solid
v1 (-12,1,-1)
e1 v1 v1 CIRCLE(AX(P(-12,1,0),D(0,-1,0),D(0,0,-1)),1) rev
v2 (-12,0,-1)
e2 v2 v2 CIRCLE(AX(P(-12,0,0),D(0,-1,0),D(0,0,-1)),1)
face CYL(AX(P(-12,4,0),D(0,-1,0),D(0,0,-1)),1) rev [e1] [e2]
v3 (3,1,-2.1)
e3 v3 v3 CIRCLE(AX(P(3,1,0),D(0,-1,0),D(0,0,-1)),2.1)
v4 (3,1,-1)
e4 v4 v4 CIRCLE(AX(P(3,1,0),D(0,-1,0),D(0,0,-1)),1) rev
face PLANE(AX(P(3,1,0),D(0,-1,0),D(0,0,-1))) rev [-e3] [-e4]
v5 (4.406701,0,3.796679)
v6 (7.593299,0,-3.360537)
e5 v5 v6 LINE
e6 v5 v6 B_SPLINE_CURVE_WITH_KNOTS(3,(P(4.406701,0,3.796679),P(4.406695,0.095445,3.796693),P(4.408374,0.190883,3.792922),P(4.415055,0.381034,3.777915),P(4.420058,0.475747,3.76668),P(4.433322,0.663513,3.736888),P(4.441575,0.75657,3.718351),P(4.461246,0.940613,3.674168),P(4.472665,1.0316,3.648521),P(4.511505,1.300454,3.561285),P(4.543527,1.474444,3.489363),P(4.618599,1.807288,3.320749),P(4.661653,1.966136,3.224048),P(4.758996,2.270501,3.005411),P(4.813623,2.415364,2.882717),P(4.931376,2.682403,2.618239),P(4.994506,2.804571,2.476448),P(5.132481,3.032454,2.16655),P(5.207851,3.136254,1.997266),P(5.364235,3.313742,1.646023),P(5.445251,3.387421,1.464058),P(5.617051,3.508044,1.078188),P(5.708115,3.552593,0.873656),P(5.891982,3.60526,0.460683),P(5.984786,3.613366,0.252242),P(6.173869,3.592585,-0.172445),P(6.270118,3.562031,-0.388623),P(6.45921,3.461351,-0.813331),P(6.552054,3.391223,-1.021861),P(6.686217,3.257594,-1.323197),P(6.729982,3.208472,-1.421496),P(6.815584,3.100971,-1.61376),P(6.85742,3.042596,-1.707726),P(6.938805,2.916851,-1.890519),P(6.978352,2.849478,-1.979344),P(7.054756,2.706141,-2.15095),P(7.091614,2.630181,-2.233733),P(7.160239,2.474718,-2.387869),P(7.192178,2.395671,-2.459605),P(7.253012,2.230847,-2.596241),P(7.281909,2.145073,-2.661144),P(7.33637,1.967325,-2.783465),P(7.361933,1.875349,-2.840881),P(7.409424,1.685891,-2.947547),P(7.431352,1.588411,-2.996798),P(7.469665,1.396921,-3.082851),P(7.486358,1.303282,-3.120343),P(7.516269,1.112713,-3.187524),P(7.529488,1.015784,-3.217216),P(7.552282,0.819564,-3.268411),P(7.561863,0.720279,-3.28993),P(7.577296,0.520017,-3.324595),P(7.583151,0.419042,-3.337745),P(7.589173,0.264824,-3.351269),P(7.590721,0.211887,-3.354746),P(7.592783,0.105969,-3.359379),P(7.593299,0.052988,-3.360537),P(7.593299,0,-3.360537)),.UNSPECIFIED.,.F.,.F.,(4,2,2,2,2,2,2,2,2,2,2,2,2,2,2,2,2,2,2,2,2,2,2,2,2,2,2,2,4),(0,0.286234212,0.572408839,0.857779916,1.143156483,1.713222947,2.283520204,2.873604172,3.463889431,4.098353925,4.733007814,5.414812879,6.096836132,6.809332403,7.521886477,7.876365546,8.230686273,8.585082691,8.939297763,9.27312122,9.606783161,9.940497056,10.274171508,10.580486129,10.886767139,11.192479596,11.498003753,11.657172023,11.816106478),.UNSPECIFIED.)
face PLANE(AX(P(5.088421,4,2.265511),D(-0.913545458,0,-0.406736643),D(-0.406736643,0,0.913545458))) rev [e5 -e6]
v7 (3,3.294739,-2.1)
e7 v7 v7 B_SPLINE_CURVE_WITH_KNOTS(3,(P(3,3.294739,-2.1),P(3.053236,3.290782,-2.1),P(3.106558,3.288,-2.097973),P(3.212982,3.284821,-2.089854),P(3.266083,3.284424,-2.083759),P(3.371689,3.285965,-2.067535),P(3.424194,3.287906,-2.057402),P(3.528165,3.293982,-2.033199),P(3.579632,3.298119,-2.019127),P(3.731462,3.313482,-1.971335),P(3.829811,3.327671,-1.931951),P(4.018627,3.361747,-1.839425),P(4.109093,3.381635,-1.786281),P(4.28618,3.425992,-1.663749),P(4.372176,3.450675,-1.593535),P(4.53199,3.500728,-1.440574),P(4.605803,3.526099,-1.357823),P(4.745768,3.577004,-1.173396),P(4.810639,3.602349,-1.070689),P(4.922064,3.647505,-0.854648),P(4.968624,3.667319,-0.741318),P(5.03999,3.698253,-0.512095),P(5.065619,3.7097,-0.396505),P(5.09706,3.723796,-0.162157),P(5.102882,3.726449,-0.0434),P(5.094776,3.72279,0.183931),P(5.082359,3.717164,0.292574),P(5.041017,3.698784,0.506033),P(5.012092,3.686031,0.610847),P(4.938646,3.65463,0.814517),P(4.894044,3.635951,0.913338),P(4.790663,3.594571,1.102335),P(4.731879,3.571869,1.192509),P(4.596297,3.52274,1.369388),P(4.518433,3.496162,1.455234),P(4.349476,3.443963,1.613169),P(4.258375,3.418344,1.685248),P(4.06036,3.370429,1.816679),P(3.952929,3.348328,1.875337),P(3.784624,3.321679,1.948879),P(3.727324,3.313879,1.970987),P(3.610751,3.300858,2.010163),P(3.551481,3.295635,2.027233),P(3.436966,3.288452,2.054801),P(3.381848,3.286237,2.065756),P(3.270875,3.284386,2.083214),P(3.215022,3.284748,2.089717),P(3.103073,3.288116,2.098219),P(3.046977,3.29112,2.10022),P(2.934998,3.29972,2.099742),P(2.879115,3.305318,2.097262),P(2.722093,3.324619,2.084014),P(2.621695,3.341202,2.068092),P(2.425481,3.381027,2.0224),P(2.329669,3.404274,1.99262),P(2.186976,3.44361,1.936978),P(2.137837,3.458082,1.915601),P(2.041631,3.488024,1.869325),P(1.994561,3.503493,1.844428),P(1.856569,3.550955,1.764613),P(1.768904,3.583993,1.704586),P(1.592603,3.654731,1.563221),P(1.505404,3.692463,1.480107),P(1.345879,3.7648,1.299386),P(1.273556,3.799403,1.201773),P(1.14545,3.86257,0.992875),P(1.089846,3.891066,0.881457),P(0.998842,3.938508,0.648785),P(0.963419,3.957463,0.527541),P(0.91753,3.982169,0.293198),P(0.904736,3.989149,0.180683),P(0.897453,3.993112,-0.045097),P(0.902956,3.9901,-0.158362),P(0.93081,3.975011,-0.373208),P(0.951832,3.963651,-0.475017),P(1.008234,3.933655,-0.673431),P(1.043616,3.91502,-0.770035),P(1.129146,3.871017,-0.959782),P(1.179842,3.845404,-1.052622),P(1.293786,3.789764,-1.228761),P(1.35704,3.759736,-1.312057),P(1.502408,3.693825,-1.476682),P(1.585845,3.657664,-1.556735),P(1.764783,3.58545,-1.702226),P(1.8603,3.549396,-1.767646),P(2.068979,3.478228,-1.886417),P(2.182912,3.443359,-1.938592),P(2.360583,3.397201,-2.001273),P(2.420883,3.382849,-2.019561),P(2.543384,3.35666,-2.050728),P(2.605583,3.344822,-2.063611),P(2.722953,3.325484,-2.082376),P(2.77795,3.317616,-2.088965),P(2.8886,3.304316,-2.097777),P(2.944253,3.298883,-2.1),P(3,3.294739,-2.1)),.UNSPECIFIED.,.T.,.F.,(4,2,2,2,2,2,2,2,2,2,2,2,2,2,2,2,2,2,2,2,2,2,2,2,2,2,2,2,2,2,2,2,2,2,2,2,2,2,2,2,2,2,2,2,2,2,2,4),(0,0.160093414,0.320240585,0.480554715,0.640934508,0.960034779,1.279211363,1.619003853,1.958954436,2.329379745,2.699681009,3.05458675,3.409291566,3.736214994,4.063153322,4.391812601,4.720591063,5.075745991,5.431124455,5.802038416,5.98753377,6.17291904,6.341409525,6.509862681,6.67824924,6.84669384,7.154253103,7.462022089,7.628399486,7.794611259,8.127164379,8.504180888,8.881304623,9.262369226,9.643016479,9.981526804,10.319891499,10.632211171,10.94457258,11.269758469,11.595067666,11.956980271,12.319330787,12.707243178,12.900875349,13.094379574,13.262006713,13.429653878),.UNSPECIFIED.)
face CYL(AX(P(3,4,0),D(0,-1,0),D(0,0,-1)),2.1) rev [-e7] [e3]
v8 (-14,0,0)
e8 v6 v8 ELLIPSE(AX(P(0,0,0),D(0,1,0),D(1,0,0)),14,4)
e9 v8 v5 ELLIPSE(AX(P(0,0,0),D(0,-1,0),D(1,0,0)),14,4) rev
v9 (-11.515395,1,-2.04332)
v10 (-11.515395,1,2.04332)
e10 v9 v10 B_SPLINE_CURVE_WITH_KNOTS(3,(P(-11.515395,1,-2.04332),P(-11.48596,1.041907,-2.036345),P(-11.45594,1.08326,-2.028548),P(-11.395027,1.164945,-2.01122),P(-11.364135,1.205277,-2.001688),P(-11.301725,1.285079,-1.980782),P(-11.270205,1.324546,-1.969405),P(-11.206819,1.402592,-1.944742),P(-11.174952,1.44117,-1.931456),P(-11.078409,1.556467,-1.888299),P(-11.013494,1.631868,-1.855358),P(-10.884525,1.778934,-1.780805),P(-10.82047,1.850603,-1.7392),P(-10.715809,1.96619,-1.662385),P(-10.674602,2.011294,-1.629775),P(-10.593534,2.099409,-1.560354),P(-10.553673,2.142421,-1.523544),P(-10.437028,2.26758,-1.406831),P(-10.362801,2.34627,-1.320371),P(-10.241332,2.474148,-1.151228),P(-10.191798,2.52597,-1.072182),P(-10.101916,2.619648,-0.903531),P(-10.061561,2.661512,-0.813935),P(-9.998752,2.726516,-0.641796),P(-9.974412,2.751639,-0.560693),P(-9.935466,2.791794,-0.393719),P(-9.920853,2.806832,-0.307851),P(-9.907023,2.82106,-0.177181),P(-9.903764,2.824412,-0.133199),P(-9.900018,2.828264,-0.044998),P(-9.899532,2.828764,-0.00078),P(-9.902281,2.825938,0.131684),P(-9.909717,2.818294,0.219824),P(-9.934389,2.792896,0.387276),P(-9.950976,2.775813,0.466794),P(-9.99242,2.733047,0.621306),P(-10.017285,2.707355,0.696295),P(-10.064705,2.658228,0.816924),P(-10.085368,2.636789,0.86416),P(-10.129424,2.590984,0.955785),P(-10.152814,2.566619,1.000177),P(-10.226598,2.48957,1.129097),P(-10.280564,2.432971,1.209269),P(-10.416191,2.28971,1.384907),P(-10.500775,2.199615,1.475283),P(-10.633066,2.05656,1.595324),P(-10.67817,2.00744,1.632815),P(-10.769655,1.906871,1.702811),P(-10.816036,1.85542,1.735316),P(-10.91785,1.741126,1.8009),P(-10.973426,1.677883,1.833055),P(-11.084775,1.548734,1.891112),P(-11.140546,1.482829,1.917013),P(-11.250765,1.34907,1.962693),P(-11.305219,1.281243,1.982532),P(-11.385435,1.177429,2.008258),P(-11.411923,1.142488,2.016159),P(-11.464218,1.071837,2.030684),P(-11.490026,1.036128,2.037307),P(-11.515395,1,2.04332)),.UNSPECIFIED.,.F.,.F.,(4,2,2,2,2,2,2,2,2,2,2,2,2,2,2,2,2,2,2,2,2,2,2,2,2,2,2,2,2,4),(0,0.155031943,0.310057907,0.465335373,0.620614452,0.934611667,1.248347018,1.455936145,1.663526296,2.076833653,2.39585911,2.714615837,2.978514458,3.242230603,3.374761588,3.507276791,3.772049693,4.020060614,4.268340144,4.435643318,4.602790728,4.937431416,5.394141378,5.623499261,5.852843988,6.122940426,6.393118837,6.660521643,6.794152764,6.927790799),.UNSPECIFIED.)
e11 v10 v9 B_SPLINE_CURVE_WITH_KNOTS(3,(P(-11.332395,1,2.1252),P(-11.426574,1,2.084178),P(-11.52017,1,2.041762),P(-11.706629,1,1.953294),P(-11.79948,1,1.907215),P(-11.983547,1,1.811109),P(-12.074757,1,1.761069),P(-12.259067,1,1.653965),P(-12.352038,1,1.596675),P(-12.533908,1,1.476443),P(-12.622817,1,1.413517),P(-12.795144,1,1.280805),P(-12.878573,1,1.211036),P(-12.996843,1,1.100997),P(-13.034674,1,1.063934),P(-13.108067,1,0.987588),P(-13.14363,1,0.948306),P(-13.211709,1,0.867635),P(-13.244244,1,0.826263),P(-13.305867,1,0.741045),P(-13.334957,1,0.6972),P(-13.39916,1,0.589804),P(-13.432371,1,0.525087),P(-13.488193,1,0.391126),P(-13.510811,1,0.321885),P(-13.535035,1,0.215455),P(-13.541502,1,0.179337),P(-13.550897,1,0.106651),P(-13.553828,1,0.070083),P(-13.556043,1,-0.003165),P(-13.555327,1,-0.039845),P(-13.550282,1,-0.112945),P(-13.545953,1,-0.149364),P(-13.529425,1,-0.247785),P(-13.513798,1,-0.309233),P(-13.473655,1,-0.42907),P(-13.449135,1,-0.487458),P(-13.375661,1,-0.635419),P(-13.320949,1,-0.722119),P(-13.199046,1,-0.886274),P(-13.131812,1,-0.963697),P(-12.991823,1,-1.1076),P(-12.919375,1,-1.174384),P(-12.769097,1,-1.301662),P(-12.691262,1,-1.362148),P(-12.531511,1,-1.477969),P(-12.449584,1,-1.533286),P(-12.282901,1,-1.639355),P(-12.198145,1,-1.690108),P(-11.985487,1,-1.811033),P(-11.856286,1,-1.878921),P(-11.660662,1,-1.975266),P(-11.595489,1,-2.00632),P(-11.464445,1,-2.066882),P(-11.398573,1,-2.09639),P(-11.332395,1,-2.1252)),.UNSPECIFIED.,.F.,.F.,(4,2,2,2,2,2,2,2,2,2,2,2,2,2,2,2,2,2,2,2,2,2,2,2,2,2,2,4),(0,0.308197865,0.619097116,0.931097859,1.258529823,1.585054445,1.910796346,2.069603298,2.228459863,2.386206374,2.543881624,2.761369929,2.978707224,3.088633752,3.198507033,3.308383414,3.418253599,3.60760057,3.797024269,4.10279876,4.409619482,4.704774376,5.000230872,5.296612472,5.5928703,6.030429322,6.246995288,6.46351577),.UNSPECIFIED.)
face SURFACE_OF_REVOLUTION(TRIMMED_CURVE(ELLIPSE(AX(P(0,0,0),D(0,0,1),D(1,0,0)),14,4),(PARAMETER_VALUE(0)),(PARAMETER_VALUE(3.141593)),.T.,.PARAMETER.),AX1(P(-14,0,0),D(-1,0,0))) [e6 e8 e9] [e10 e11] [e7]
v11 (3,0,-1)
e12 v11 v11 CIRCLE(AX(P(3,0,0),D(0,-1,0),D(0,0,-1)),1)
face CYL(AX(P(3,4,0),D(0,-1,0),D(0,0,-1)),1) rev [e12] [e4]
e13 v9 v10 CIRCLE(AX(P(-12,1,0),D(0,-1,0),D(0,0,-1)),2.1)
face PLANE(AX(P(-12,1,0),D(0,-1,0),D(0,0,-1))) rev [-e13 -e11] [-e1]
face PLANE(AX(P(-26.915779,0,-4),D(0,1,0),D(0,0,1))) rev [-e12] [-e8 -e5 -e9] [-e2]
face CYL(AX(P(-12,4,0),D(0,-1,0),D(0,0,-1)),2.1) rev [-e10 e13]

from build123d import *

# Parameters (mm, degrees)
SKETCH2_W               = 50.634745493
SKETCH2_H               = 13.07277583
CUT_EXTRUDE1_DEPTH      = 5.0000001
CUT_EXTRUDE1_DEPTH_BACK = 5.0000001
SKETCH3_R               = 1
CUT_EXTRUDE2_DEPTH      = 5.0000001
SKETCH4_R               = 2.1
CUT_EXTRUDE3_DEPTH      = 4.0000001
CUT_EXTRUDE5_DEPTH      = 5.0000001


with BuildPart() as part:
    # Sketch1 → Revolve1 (revolve)
    with BuildSketch(Plane.XY):
        with BuildLine():
            Line((-14, 0), (14, 0))
            add(Edge.make_bspline(
                [(14, 0), (14, 4), (0, 4), (-14, 4), (-14, 0)],
                knots=[0, 0, 0, 1.570796327, 1.570796327, 3.141592654, 3.141592654, 3.141592654], degree=2, weights=[1, 0.707106781, 1, 0.707106781, 1]))
        make_face()
    revolve(axis=Axis((-14, 0, 0), (1, 0, 0)))

    # Sketch2 → Cut-Extrude1 (cut, two sides)
    with BuildSketch(Plane.XY) as cut_extrude1_sk:
        with Locations((-1.598405816, -6.536387915)):
            Rectangle(SKETCH2_W, SKETCH2_H)
    extrude(amount=CUT_EXTRUDE1_DEPTH, mode=Mode.SUBTRACT)
    extrude(cut_extrude1_sk.sketch, amount=-CUT_EXTRUDE1_DEPTH_BACK, mode=Mode.SUBTRACT)

    # Sketch3 → Cut-Extrude2 (cut, through all)
    with BuildSketch(Plane.XZ):
        with Locations((-12, 0)):
            Circle(SKETCH3_R)
        with Locations((3, 0)):
            Circle(SKETCH3_R)
    extrude(amount=-CUT_EXTRUDE2_DEPTH, mode=Mode.SUBTRACT)

    # Sketch4 → Cut-Extrude3 (cut, through all)
    with BuildSketch(Plane(origin=(0, 1, 0), x_dir=(-1, 0, 0), z_dir=(0, -1, 0))):
        with Locations((12, 0)):
            Circle(SKETCH4_R)
        with Locations((-3, 0)):
            Circle(SKETCH4_R)
    extrude(amount=-CUT_EXTRUDE3_DEPTH, mode=Mode.SUBTRACT)

    # Sketch6 → Cut-Extrude5 (cut, through all)
    with BuildSketch(Plane.XZ):
        with BuildLine():
            Line((4.406700976, 3.796679392), (7.593299024, -3.360537007))
            add(Edge.make_bspline(
                [(7.593299024, -3.360537007), (14, -2.178801768), (14, 0)],
                knots=[5.285654608, 5.285654608, 5.285654608, 6.283185307, 6.283185307, 6.283185307], degree=2, weights=[1, 0.878173816, 1]))
            add(Edge.make_bspline(
                [(14, 0), (14, 2.887726136), (4.406700976, 3.796679392)],
                knots=[0, 0, 0, 1.250587947, 1.250587947, 1.250587947], degree=2, weights=[1, 0.810791081, 1]))
        make_face()
    extrude(amount=-CUT_EXTRUDE5_DEPTH, mode=Mode.SUBTRACT)


solid = part.part
